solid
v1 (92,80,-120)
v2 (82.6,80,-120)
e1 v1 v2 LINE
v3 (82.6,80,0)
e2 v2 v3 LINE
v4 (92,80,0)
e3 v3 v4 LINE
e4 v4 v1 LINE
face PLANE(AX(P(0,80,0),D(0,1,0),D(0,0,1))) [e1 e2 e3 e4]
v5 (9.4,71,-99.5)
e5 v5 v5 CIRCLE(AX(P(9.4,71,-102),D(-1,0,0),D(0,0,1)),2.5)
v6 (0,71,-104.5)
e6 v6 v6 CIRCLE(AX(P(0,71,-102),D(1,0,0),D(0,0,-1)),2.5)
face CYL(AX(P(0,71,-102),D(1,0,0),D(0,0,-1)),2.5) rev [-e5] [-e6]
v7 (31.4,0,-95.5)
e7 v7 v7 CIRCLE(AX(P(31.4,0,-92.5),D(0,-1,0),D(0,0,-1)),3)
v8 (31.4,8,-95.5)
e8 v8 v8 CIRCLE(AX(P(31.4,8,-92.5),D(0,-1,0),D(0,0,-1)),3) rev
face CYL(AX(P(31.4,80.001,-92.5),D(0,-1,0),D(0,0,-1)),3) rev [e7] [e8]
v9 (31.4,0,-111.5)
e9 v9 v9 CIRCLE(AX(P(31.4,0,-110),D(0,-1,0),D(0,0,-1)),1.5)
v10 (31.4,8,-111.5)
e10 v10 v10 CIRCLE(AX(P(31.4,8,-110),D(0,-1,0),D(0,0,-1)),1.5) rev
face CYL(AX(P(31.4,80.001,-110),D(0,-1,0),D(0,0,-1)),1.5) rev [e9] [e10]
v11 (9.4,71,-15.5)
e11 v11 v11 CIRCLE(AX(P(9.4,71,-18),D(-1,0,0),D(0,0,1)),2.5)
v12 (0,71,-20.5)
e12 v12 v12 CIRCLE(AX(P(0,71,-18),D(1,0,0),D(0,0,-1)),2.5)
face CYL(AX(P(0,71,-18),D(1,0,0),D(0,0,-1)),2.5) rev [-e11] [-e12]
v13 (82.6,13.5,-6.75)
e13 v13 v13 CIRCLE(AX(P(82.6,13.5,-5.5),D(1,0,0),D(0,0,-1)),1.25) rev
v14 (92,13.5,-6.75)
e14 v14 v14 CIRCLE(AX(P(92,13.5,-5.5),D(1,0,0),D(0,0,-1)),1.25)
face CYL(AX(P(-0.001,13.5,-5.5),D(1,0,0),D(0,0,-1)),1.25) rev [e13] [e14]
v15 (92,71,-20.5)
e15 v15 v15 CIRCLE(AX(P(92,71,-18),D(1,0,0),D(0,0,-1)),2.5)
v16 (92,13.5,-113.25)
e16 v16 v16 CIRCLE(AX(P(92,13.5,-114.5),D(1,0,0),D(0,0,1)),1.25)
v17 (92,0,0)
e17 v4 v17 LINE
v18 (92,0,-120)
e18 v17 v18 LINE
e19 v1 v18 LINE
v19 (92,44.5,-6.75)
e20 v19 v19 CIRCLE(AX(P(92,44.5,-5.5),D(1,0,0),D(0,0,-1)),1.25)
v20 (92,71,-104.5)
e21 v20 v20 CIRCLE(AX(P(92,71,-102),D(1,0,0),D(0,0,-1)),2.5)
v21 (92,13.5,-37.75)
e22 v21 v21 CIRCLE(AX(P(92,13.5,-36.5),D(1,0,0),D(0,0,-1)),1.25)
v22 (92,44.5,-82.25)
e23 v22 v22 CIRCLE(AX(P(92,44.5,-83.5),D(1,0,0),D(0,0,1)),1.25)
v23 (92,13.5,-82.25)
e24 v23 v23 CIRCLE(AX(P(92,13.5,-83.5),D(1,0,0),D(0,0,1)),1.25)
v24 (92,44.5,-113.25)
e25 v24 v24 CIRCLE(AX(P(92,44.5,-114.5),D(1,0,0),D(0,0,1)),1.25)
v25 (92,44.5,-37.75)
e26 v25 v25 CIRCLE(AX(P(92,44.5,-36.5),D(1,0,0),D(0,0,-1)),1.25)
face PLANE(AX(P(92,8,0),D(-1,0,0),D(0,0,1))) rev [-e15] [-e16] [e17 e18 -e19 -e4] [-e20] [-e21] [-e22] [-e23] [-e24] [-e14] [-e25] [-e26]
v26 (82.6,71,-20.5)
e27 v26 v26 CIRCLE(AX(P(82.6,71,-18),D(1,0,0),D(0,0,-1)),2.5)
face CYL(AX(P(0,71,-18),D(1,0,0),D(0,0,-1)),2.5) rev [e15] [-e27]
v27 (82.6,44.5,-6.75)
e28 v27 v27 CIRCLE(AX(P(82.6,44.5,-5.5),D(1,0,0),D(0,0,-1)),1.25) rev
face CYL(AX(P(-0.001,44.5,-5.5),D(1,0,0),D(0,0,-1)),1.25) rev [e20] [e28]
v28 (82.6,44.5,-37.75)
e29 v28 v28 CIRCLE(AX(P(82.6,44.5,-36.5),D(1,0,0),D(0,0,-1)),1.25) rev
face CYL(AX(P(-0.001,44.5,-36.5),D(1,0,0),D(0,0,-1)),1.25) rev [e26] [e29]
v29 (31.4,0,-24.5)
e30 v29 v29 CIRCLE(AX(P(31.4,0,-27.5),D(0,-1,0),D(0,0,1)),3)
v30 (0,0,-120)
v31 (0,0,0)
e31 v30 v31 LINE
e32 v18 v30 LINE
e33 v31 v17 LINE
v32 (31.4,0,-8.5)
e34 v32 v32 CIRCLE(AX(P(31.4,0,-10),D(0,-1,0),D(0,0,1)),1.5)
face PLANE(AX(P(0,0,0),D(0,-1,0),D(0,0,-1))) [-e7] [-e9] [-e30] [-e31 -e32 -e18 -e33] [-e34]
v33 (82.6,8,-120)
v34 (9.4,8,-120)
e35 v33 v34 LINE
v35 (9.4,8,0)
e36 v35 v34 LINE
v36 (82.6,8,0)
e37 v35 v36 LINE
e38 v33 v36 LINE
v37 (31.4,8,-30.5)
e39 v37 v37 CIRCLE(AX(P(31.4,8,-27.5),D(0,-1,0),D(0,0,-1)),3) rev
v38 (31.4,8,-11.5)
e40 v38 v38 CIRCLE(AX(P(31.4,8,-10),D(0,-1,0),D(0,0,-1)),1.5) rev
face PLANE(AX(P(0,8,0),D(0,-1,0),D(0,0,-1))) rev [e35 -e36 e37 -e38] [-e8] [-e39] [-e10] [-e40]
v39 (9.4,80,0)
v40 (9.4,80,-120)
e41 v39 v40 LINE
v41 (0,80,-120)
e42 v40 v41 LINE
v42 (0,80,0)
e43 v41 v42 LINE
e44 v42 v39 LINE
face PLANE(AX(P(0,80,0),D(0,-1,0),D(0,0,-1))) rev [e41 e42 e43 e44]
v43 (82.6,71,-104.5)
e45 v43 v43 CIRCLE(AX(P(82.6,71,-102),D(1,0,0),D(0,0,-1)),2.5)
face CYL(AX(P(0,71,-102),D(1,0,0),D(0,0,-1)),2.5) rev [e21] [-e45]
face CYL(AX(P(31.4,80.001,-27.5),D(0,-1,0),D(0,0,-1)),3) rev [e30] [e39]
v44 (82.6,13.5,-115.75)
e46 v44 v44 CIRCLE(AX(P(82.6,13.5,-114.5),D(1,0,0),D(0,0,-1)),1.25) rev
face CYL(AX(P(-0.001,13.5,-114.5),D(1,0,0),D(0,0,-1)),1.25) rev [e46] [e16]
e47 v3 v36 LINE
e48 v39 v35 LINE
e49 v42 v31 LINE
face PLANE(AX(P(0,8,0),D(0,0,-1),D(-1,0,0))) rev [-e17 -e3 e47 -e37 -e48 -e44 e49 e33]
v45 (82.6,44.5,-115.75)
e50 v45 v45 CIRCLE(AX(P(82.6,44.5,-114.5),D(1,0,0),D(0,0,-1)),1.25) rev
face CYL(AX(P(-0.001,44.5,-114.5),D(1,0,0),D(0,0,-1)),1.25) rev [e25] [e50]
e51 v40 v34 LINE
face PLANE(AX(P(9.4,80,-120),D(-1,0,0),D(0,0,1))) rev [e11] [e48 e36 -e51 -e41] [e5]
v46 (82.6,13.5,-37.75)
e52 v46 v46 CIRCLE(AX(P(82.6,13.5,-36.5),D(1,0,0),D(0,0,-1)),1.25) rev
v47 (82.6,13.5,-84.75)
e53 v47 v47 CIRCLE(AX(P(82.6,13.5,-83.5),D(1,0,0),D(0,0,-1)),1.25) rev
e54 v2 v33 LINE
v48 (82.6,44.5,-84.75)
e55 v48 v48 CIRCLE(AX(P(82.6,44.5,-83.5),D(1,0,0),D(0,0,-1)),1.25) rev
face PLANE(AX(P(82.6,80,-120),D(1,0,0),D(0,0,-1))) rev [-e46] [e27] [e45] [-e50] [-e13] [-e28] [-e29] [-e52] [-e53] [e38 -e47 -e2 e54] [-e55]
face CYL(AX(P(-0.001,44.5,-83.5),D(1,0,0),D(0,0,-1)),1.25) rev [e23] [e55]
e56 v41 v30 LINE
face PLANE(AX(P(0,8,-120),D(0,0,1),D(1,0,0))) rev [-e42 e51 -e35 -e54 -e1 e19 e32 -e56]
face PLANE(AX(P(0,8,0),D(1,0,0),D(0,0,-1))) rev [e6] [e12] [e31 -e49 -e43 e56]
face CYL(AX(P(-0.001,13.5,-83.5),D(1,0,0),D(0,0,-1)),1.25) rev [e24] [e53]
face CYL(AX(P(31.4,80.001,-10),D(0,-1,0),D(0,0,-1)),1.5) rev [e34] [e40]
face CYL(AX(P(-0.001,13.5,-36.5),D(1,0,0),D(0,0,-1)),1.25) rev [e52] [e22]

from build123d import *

# Parameters (mm, degrees)
SKETCH1_W           = 92
SKETCH1_H           = 120
BOSS_EXTRUDE1_DEPTH = 8
SKETCH2_W           = 9.4
SKETCH2_H           = 120
BOSS_EXTRUDE2_DEPTH = 72
CUT_EXTRUDE1_REACH  = 173.067
SKETCH3_R           = 3
SKETCH3_R_2         = 1.5
CUT_EXTRUDE2_REACH  = 173.067
SKETCH4_R           = 1.25
SKETCH5_R           = 2.5
CUT_EXTRUDE3_DEPTH  = 172.067238243


with BuildPart() as part:
    # Sketch1 → Boss-Extrude1 (new body)
    with BuildSketch(Plane(origin=(0, 0, 0), x_dir=(1, 0, 0), z_dir=(0, 1, 0))):
        with Locations((46, 60)):
            Rectangle(SKETCH1_W, SKETCH1_H)
    extrude(amount=BOSS_EXTRUDE1_DEPTH)

    # Sketch2 → Boss-Extrude2 (add)
    with BuildSketch(Plane(origin=(0, 8, 0), x_dir=(1, 0, 0), z_dir=(0, 1, 0))):
        with Locations((4.7, 60)):
            Rectangle(SKETCH2_W, SKETCH2_H)
        with Locations((87.3, 60)):
            Rectangle(SKETCH2_W, SKETCH2_H)
    extrude(amount=BOSS_EXTRUDE2_DEPTH)

    # Sketch3 → Cut-Extrude1 (cut, up to next)
    with BuildSketch(Plane.XZ, mode=Mode.PRIVATE) as cut_extrude1_sk1:
        with Locations(Location((31.4, -92.5, 0), (0, 0, 270))):
            Circle(SKETCH3_R)
    cut_extrude1_tool1 = extrude(cut_extrude1_sk1.sketch, amount=-CUT_EXTRUDE1_REACH, mode=Mode.PRIVATE) & part.part
    # Sketch3 → Cut-Extrude1 (cut, up to next)
    with BuildSketch(Plane.XZ, mode=Mode.PRIVATE) as cut_extrude1_sk2:
        with Locations(Location((31.4, -110, 0), (0, 0, 270))):
            Circle(SKETCH3_R_2)
    cut_extrude1_tool2 = extrude(cut_extrude1_sk2.sketch, amount=-CUT_EXTRUDE1_REACH, mode=Mode.PRIVATE) & part.part
    # Sketch3 → Cut-Extrude1 (cut, up to next)
    with BuildSketch(Plane.XZ, mode=Mode.PRIVATE) as cut_extrude1_sk3:
        with Locations(Location((31.4, -10, 0), (0, 0, 270))):
            Circle(SKETCH3_R_2)
    cut_extrude1_tool3 = extrude(cut_extrude1_sk3.sketch, amount=-CUT_EXTRUDE1_REACH, mode=Mode.PRIVATE) & part.part
    # Sketch3 → Cut-Extrude1 (cut, up to next)
    with BuildSketch(Plane.XZ, mode=Mode.PRIVATE) as cut_extrude1_sk4:
        with Locations(Location((31.4, -27.5, 0), (0, 0, 270))):
            Circle(SKETCH3_R)
    cut_extrude1_tool4 = extrude(cut_extrude1_sk4.sketch, amount=-CUT_EXTRUDE1_REACH, mode=Mode.PRIVATE) & part.part
    add(cut_extrude1_tool1.solids().sort_by_distance((31.4, 0, -92.5))[0], mode=Mode.SUBTRACT)
    add(cut_extrude1_tool2.solids().sort_by_distance((31.4, 0, -110))[0], mode=Mode.SUBTRACT)
    add(cut_extrude1_tool3.solids().sort_by_distance((31.4, 0, -10))[0], mode=Mode.SUBTRACT)
    add(cut_extrude1_tool4.solids().sort_by_distance((31.4, 0, -27.5))[0], mode=Mode.SUBTRACT)

    # Sketch4 → Cut-Extrude2 (cut, up to next)
    with BuildSketch(Plane(origin=(92, 0, 0), x_dir=(0, 0, -1), z_dir=(1, 0, 0)), mode=Mode.PRIVATE) as cut_extrude2_sk1:
        with Locations((5.5, 44.5)):
            Circle(SKETCH4_R)
    cut_extrude2_tool1 = extrude(cut_extrude2_sk1.sketch, amount=-CUT_EXTRUDE2_REACH, mode=Mode.PRIVATE) & part.part
    # Sketch4 → Cut-Extrude2 (cut, up to next)
    with BuildSketch(Plane(origin=(92, 0, 0), x_dir=(0, 0, -1), z_dir=(1, 0, 0)), mode=Mode.PRIVATE) as cut_extrude2_sk2:
        with Locations((36.5, 44.5)):
            Circle(SKETCH4_R)
    cut_extrude2_tool2 = extrude(cut_extrude2_sk2.sketch, amount=-CUT_EXTRUDE2_REACH, mode=Mode.PRIVATE) & part.part
    # Sketch4 → Cut-Extrude2 (cut, up to next)
    with BuildSketch(Plane(origin=(92, 0, 0), x_dir=(0, 0, -1), z_dir=(1, 0, 0)), mode=Mode.PRIVATE) as cut_extrude2_sk3:
        with Locations((5.5, 13.5)):
            Circle(SKETCH4_R)
    cut_extrude2_tool3 = extrude(cut_extrude2_sk3.sketch, amount=-CUT_EXTRUDE2_REACH, mode=Mode.PRIVATE) & part.part
    # Sketch4 → Cut-Extrude2 (cut, up to next)
    with BuildSketch(Plane(origin=(92, 0, 0), x_dir=(0, 0, -1), z_dir=(1, 0, 0)), mode=Mode.PRIVATE) as cut_extrude2_sk4:
        with Locations((36.5, 13.5)):
            Circle(SKETCH4_R)
    cut_extrude2_tool4 = extrude(cut_extrude2_sk4.sketch, amount=-CUT_EXTRUDE2_REACH, mode=Mode.PRIVATE) & part.part
    # Sketch4 → Cut-Extrude2 (cut, up to next)
    with BuildSketch(Plane(origin=(92, 0, 0), x_dir=(0, 0, -1), z_dir=(1, 0, 0)), mode=Mode.PRIVATE) as cut_extrude2_sk5:
        with Locations((83.5, 13.5)):
            Circle(SKETCH4_R)
    cut_extrude2_tool5 = extrude(cut_extrude2_sk5.sketch, amount=-CUT_EXTRUDE2_REACH, mode=Mode.PRIVATE) & part.part
    # Sketch4 → Cut-Extrude2 (cut, up to next)
    with BuildSketch(Plane(origin=(92, 0, 0), x_dir=(0, 0, -1), z_dir=(1, 0, 0)), mode=Mode.PRIVATE) as cut_extrude2_sk6:
        with Locations((114.5, 13.5)):
            Circle(SKETCH4_R)
    cut_extrude2_tool6 = extrude(cut_extrude2_sk6.sketch, amount=-CUT_EXTRUDE2_REACH, mode=Mode.PRIVATE) & part.part
    # Sketch4 → Cut-Extrude2 (cut, up to next)
    with BuildSketch(Plane(origin=(92, 0, 0), x_dir=(0, 0, -1), z_dir=(1, 0, 0)), mode=Mode.PRIVATE) as cut_extrude2_sk7:
        with Locations((83.5, 44.5)):
            Circle(SKETCH4_R)
    cut_extrude2_tool7 = extrude(cut_extrude2_sk7.sketch, amount=-CUT_EXTRUDE2_REACH, mode=Mode.PRIVATE) & part.part
    # Sketch4 → Cut-Extrude2 (cut, up to next)
    with BuildSketch(Plane(origin=(92, 0, 0), x_dir=(0, 0, -1), z_dir=(1, 0, 0)), mode=Mode.PRIVATE) as cut_extrude2_sk8:
        with Locations((114.5, 44.5)):
            Circle(SKETCH4_R)
    cut_extrude2_tool8 = extrude(cut_extrude2_sk8.sketch, amount=-CUT_EXTRUDE2_REACH, mode=Mode.PRIVATE) & part.part
    add(cut_extrude2_tool1.solids().sort_by_distance((92, 44.5, -5.5))[0], mode=Mode.SUBTRACT)
    add(cut_extrude2_tool2.solids().sort_by_distance((92, 44.5, -36.5))[0], mode=Mode.SUBTRACT)
    add(cut_extrude2_tool3.solids().sort_by_distance((92, 13.5, -5.5))[0], mode=Mode.SUBTRACT)
    add(cut_extrude2_tool4.solids().sort_by_distance((92, 13.5, -36.5))[0], mode=Mode.SUBTRACT)
    add(cut_extrude2_tool5.solids().sort_by_distance((92, 13.5, -83.5))[0], mode=Mode.SUBTRACT)
    add(cut_extrude2_tool6.solids().sort_by_distance((92, 13.5, -114.5))[0], mode=Mode.SUBTRACT)
    add(cut_extrude2_tool7.solids().sort_by_distance((92, 44.5, -83.5))[0], mode=Mode.SUBTRACT)
    add(cut_extrude2_tool8.solids().sort_by_distance((92, 44.5, -114.5))[0], mode=Mode.SUBTRACT)

    # Sketch5 → Cut-Extrude3 (cut, through all)
    with BuildSketch(Plane(origin=(92, 0, 0), x_dir=(0, 0, -1), z_dir=(1, 0, 0))):
        with Locations((18, 71)):
            Circle(SKETCH5_R)
        with Locations((102, 71)):
            Circle(SKETCH5_R)
    extrude(amount=-CUT_EXTRUDE3_DEPTH, mode=Mode.SUBTRACT)


solid = part.part
